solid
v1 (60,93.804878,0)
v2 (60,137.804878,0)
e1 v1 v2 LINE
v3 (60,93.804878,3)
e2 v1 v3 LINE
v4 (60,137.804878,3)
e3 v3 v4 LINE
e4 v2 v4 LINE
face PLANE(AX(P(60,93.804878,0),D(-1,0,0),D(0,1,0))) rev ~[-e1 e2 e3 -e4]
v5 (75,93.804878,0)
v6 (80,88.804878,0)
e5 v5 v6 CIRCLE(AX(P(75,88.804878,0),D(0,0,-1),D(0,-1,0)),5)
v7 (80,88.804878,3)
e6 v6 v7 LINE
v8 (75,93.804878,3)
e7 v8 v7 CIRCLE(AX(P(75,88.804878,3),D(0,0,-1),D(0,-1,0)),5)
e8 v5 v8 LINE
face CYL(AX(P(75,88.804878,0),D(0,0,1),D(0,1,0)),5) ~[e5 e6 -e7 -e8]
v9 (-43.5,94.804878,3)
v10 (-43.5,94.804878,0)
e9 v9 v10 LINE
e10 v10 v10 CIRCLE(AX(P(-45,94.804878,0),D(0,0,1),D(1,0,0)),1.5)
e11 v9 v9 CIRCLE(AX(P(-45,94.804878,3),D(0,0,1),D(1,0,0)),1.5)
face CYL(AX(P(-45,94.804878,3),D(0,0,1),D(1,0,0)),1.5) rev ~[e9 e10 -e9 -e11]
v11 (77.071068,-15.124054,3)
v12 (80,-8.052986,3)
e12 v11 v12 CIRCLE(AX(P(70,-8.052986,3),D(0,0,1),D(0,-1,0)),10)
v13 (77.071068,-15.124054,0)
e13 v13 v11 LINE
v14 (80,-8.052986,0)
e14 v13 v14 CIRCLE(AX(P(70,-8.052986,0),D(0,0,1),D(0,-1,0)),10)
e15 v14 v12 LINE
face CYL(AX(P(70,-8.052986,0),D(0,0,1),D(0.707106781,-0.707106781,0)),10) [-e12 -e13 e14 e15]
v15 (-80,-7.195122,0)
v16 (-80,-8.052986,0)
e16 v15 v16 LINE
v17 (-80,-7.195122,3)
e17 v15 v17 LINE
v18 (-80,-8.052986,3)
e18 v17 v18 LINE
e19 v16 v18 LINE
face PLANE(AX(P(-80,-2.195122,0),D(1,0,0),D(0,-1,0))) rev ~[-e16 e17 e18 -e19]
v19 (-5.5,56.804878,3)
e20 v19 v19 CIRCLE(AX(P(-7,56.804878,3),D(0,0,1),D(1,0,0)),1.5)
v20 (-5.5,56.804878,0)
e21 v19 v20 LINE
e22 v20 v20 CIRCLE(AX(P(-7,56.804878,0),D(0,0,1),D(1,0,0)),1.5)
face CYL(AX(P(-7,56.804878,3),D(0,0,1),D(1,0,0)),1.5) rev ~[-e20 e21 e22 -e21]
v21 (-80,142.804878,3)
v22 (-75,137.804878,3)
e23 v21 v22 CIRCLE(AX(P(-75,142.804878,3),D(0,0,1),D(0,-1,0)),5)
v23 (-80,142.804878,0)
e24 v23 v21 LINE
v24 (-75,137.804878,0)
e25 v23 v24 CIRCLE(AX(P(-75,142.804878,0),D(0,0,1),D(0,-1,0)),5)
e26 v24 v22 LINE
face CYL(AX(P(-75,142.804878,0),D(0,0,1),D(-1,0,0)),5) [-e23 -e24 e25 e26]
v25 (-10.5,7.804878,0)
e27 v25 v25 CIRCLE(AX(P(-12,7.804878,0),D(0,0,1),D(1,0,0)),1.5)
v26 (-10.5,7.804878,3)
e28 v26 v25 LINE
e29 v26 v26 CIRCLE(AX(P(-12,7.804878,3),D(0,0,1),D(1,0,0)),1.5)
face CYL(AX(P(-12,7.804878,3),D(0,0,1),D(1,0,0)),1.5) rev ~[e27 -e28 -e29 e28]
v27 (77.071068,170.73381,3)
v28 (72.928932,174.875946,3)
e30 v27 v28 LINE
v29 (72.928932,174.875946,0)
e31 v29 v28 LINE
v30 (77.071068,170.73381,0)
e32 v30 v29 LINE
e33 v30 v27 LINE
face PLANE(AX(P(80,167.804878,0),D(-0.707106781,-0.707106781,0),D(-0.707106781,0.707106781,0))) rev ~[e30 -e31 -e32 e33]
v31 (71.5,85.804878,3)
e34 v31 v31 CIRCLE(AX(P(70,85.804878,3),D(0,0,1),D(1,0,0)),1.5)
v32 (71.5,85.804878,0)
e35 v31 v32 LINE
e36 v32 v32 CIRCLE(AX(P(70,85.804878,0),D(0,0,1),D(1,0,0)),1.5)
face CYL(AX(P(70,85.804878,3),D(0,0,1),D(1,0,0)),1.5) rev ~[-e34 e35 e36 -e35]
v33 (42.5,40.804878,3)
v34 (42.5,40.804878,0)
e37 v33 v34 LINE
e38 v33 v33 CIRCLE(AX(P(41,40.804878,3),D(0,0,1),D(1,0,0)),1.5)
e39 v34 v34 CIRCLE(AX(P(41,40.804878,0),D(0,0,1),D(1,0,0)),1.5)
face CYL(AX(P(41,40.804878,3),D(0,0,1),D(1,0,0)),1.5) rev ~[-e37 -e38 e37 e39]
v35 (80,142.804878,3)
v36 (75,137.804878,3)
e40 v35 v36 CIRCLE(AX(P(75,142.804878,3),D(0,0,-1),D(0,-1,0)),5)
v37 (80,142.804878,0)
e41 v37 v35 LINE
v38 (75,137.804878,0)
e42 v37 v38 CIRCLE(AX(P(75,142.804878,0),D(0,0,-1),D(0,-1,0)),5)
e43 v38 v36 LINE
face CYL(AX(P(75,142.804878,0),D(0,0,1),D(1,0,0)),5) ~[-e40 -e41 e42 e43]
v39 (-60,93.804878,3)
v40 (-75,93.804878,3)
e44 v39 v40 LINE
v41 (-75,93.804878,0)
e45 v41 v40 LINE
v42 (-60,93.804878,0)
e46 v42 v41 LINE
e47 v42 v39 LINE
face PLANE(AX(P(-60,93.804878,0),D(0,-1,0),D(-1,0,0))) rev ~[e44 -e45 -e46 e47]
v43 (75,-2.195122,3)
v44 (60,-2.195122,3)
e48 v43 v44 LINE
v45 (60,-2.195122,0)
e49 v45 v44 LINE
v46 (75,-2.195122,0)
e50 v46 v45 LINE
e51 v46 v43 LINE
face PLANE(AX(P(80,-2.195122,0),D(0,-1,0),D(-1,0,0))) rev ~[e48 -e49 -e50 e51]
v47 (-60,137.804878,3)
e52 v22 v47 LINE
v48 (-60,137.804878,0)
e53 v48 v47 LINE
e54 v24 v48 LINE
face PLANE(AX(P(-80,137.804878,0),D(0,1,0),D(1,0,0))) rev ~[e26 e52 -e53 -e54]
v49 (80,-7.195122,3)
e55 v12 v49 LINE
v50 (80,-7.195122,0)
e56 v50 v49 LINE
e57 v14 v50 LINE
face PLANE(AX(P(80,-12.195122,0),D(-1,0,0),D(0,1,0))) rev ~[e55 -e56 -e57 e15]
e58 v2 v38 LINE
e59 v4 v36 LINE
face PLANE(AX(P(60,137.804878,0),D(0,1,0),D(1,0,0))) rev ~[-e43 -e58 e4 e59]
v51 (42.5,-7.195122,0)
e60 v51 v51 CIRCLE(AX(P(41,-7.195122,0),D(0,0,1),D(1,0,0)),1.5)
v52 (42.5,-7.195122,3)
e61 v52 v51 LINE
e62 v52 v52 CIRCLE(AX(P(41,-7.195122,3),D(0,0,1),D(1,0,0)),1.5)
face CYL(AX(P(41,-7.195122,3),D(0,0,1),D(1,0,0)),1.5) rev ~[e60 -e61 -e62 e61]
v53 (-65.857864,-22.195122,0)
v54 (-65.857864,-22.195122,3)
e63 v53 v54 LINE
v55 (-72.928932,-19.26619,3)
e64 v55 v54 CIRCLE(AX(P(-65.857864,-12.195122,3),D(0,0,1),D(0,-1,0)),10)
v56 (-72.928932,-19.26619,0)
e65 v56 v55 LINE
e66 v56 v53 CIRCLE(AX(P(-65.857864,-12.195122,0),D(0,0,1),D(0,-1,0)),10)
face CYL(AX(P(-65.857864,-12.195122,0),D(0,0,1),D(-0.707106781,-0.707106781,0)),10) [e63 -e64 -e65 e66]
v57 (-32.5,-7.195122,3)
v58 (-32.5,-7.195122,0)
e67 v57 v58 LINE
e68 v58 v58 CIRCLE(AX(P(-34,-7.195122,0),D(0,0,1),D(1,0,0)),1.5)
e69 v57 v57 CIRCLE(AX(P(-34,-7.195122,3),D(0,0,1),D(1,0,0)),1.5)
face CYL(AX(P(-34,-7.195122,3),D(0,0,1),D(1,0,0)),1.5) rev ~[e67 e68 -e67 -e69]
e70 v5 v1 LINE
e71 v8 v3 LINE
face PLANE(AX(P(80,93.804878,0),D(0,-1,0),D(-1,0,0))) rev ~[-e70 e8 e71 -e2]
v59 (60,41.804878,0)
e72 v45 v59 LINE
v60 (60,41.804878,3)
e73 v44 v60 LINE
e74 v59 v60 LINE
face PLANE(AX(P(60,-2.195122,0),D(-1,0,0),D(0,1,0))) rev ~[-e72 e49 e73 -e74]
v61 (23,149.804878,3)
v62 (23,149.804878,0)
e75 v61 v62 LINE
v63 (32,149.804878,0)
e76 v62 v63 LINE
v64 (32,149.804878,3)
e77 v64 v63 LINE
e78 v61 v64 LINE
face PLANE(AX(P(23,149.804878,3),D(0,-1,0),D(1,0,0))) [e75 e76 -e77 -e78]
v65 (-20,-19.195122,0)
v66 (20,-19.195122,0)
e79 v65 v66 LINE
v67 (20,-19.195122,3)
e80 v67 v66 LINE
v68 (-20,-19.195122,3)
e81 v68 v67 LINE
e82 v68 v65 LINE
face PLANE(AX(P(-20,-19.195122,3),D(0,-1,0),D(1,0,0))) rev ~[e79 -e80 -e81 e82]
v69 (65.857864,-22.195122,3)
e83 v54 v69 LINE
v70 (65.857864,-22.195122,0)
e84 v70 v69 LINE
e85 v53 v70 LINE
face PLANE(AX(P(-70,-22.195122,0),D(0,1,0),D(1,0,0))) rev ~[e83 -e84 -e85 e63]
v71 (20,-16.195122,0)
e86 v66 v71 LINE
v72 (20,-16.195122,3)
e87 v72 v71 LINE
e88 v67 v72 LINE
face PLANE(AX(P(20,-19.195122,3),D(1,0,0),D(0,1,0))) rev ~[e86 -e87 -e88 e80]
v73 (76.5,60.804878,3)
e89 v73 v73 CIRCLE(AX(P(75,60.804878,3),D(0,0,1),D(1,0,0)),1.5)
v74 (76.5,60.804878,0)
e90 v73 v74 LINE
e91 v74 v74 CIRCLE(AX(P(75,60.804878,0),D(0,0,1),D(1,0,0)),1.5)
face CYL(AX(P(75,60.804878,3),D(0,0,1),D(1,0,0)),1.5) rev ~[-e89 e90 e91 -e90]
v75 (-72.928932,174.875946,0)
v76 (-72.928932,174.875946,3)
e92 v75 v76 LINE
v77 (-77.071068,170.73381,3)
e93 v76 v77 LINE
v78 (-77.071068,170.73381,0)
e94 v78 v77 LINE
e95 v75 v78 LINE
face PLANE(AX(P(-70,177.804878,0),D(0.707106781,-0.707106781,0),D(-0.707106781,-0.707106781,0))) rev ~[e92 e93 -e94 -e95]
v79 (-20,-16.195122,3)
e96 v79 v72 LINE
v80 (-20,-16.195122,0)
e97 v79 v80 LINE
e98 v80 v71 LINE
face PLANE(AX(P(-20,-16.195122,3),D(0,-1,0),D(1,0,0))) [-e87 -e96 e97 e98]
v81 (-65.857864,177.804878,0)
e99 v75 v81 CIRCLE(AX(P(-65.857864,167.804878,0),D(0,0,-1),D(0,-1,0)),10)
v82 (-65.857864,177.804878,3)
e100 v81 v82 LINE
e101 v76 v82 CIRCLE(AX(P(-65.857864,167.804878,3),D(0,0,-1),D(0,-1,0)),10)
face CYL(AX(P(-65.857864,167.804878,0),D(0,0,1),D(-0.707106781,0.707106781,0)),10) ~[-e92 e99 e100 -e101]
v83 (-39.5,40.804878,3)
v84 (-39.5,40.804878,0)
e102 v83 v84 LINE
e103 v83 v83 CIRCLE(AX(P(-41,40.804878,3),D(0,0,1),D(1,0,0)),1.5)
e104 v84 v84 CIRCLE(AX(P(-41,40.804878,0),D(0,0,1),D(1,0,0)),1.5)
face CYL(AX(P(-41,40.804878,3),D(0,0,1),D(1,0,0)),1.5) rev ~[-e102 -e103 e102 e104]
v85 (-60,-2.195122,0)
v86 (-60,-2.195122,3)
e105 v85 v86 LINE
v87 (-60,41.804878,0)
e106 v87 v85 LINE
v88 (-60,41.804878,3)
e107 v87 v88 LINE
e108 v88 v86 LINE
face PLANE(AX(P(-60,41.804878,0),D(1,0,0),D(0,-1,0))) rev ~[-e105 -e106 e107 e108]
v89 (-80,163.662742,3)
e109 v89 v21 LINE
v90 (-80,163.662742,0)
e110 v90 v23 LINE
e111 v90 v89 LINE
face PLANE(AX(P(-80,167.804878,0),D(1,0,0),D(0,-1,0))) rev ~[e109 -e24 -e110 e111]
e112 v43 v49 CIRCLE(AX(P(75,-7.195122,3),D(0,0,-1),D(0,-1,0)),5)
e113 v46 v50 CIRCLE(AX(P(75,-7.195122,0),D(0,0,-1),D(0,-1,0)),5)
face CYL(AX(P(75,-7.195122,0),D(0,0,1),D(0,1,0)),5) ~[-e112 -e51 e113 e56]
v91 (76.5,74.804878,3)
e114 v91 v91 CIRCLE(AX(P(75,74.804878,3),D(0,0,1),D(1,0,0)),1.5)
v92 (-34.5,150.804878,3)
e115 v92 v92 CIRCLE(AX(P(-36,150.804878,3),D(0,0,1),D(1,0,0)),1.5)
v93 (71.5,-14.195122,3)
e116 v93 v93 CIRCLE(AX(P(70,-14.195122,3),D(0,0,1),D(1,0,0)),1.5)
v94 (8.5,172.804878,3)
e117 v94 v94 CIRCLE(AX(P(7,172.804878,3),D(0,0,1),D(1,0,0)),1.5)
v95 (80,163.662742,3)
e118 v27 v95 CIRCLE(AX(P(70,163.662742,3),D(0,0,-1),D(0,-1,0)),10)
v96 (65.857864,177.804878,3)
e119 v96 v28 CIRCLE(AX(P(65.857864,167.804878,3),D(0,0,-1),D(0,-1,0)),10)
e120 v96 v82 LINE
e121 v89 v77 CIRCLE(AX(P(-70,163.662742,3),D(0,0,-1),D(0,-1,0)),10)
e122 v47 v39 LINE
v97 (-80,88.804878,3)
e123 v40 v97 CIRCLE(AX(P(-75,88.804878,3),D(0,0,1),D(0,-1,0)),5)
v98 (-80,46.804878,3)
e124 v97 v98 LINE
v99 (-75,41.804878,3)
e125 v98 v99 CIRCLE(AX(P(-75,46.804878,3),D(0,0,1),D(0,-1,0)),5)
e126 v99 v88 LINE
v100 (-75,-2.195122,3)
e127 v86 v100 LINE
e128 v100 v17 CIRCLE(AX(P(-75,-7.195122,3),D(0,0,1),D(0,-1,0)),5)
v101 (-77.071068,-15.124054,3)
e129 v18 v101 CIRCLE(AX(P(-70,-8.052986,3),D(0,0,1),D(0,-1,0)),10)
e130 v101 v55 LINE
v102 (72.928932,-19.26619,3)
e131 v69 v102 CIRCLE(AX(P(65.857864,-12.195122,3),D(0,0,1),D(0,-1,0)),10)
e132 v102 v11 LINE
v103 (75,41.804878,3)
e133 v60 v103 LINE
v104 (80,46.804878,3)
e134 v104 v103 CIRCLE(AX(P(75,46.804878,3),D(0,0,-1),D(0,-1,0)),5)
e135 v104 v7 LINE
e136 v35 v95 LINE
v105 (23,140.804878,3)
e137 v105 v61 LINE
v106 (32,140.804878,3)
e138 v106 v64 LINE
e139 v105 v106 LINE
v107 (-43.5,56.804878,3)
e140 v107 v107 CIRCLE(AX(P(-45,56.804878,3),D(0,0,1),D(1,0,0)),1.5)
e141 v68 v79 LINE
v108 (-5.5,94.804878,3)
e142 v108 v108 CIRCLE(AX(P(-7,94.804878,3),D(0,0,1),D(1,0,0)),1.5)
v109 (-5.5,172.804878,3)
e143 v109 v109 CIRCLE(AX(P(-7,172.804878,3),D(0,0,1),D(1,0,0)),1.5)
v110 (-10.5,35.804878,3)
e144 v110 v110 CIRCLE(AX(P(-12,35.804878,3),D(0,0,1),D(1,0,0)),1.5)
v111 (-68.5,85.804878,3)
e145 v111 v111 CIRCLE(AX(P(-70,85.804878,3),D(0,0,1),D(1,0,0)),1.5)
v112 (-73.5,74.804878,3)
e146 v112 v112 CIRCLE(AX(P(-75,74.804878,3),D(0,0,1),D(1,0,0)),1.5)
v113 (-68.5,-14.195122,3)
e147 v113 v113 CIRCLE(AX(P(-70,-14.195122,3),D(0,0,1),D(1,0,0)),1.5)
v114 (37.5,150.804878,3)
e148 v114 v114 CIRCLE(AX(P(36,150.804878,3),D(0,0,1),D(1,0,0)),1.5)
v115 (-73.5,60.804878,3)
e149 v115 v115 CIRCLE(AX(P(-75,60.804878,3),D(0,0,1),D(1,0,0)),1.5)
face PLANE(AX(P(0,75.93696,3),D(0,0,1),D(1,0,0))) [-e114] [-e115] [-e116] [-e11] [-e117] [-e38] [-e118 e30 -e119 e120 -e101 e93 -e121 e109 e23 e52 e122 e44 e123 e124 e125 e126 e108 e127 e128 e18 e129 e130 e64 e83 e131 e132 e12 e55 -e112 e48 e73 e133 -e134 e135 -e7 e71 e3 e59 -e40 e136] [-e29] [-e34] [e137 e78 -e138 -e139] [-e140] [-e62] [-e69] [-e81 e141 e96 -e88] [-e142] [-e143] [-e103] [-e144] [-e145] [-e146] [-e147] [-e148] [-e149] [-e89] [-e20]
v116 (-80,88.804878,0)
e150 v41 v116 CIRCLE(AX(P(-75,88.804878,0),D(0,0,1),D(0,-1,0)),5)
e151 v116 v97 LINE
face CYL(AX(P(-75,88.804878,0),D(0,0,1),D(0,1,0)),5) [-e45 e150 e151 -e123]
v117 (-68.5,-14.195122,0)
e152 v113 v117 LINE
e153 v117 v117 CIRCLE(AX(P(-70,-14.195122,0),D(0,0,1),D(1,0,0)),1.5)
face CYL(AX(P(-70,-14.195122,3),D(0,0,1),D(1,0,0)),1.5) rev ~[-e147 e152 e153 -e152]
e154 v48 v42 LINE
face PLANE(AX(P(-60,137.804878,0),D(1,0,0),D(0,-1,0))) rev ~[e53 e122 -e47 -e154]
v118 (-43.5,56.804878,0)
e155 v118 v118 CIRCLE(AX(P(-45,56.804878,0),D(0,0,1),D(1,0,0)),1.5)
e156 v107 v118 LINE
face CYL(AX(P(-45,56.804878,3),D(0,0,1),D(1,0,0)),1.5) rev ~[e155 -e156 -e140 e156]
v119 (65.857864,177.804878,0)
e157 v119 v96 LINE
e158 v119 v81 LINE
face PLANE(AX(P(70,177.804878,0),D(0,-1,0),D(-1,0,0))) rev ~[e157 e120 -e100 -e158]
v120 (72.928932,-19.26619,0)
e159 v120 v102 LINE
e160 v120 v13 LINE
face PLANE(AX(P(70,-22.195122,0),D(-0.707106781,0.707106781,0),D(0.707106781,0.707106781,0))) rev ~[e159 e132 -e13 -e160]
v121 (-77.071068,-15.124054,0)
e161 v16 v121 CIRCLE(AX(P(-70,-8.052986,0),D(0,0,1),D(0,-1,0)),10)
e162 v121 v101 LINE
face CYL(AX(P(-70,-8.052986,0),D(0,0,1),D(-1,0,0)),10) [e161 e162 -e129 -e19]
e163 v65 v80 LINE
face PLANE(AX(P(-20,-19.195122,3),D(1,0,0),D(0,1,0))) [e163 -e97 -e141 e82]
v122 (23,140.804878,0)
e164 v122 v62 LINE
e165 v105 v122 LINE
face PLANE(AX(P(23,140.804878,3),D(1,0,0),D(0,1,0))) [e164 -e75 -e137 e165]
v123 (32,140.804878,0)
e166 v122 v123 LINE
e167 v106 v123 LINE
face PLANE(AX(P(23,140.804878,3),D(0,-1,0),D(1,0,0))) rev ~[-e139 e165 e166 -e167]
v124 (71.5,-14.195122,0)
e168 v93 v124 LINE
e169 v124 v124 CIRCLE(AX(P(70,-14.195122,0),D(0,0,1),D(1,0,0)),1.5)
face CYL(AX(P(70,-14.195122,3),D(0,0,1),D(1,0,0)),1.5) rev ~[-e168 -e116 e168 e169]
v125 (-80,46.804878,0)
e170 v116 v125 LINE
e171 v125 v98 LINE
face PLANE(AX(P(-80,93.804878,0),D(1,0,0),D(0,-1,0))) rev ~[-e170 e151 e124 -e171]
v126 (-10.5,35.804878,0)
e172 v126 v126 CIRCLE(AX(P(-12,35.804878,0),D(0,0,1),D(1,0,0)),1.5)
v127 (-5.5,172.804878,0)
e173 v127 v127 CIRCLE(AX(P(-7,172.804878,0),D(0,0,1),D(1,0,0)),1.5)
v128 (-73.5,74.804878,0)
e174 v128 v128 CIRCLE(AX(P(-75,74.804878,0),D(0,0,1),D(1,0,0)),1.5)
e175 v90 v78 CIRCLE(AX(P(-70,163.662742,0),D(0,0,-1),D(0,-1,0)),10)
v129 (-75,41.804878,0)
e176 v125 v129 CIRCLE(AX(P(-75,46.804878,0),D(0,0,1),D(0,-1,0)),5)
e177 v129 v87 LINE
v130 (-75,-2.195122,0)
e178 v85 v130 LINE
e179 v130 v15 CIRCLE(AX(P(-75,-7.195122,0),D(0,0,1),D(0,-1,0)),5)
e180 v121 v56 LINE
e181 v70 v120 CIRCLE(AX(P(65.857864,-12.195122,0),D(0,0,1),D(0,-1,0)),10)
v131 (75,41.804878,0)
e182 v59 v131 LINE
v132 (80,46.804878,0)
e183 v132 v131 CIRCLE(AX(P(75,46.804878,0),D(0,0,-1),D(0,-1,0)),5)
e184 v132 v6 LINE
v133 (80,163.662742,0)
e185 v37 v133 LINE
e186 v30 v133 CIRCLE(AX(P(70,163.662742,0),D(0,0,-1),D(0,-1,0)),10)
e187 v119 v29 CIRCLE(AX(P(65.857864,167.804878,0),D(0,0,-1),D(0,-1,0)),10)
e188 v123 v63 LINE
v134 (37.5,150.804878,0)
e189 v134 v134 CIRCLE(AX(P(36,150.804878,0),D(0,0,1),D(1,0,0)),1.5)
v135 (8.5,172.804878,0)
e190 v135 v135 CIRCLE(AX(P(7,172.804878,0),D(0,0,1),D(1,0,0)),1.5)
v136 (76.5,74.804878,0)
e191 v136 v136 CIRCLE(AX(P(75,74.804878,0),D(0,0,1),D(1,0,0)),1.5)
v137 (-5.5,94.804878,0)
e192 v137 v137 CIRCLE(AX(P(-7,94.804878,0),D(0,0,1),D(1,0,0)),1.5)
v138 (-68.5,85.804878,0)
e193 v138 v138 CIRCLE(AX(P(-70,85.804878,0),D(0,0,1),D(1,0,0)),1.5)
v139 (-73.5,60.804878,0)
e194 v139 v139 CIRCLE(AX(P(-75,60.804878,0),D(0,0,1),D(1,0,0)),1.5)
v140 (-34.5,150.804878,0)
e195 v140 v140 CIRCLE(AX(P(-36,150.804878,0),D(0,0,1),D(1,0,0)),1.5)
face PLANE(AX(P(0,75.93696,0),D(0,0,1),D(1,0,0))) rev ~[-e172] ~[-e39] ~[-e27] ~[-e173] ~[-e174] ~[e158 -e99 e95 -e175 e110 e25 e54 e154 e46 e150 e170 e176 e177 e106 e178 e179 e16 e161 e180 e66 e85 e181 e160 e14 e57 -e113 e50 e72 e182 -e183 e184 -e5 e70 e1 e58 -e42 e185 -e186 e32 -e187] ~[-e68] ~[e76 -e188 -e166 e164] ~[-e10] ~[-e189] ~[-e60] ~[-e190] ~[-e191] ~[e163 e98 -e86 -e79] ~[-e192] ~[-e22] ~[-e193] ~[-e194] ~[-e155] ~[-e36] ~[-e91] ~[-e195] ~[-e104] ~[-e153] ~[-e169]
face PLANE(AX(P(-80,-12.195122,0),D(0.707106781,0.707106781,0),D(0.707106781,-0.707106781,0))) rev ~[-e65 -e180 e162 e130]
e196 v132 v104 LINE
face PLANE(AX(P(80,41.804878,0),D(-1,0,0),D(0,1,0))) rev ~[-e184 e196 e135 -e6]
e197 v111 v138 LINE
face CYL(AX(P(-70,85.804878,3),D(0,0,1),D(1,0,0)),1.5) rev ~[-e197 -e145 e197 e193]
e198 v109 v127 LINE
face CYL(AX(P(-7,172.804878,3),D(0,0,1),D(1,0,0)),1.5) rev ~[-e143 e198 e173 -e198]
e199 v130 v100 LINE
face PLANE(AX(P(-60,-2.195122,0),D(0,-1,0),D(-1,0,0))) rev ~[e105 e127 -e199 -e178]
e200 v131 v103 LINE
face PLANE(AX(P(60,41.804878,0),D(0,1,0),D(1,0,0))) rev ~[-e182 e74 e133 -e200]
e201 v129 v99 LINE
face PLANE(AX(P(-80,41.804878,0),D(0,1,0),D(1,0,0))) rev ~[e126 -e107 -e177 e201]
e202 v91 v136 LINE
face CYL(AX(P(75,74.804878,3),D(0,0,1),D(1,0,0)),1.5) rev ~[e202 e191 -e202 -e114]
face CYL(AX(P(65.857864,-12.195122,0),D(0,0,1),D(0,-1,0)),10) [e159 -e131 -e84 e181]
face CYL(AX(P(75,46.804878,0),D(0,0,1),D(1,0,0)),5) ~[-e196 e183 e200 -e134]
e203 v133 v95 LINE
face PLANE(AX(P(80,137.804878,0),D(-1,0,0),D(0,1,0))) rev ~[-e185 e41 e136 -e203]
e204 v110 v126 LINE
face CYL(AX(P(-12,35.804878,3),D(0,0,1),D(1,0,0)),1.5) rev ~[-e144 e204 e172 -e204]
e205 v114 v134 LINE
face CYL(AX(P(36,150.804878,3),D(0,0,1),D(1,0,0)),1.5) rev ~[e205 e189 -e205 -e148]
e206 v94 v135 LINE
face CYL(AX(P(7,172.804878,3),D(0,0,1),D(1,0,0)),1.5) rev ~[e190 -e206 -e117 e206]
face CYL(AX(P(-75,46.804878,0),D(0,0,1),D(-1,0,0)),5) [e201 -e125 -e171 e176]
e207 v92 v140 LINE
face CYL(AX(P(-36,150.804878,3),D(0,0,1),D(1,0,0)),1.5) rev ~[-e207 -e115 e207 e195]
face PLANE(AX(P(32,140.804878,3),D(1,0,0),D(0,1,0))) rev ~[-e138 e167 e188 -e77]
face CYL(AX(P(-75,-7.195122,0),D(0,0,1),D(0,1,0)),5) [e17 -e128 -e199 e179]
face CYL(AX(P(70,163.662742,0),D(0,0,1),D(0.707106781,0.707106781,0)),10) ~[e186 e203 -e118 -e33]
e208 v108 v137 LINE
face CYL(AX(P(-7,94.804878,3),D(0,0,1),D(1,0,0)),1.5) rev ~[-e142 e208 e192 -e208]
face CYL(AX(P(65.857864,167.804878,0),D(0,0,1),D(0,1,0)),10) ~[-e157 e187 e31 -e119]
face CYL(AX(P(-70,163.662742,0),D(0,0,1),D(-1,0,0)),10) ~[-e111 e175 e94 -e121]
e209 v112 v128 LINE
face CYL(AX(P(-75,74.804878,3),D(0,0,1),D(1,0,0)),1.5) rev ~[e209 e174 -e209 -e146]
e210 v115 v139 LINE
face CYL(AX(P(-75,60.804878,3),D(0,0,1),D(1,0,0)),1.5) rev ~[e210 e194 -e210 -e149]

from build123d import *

# Parameters (mm, degrees)
BOSS_EXTRUDE2_DEPTH = 3
SKETCH3_R           = 1.5
SKETCH3_W           = 40
SKETCH3_H           = 3
SKETCH3_W_2         = 9
SKETCH3_H_2         = 9
CUT_EXTRUDE1_DEPTH  = 195.996345243
FILLET1_R           = 10
SKETCH4_R           = 1.5
CUT_EXTRUDE2_DEPTH  = 195.996345243
FILLET2_R           = 5


with BuildPart() as part:
    # Sketch2 → Boss-Extrude2 (new body)
    with BuildSketch(Plane.XY):
        Polygon((-80, 167.804878049), (-80, 137.804878049), (-60, 137.804878049), (-60, 93.804878049), (-80, 93.804878049), (-80, 41.804878049), (-60, 41.804878049), (-60, -2.195121951), (-80, -2.195121951), (-80, -12.195121951), (-70, -22.195121951), (70, -22.195121951), (80, -12.195121951), (80, -2.195121951), (60, -2.195121951), (60, 41.804878049), (80, 41.804878049), (80, 93.804878049), (60, 93.804878049), (60, 137.804878049), (80, 137.804878049), (80, 167.804878049), (70, 177.804878049), (-70, 177.804878049), align=None)
    extrude(amount=BOSS_EXTRUDE2_DEPTH)

    # Sketch3 → Cut-Extrude1 (cut, through all)
    with BuildSketch(Plane.XY.offset(3)):
        with Locations((-75, 74.804878049)):
            Circle(SKETCH3_R)
        with Locations((-75, 60.804878049)):
            Circle(SKETCH3_R)
        with Locations((75, 74.804878049)):
            Circle(SKETCH3_R)
        with Locations((75, 60.804878049)):
            Circle(SKETCH3_R)
        with Locations((-34, -7.195121951)):
            Circle(SKETCH3_R)
        with Locations((41, -7.195121951)):
            Circle(SKETCH3_R)
        with Locations((41, 40.804878049)):
            Circle(SKETCH3_R)
        with Locations((-41, 40.804878049)):
            Circle(SKETCH3_R)
        with Locations((-12, 35.804878049)):
            Circle(SKETCH3_R)
        with Locations((-12, 7.804878049)):
            Circle(SKETCH3_R)
        with Locations((-45, 94.804878049)):
            Circle(SKETCH3_R)
        with Locations((-7, 94.804878049)):
            Circle(SKETCH3_R)
        with Locations((-7, 56.804878049)):
            Circle(SKETCH3_R)
        with Locations((-45, 56.804878049)):
            Circle(SKETCH3_R)
        with Locations((-36, 150.804878049)):
            Circle(SKETCH3_R)
        with Locations((36, 150.804878049)):
            Circle(SKETCH3_R)
        with Locations((-7, 172.804878049)):
            Circle(SKETCH3_R)
        with Locations((7, 172.804878049)):
            Circle(SKETCH3_R)
        with Locations((0, -17.695121951)):
            Rectangle(SKETCH3_W, SKETCH3_H)
        with Locations((27.5, 145.304878049)):
            Rectangle(SKETCH3_W_2, SKETCH3_H_2)
    extrude(amount=-CUT_EXTRUDE1_DEPTH, mode=Mode.SUBTRACT)

    # Fillet1
    fillet1_edges = [part.edges().sort_by_distance(p)[0] for p in [
        (-70, 177.804878049, 1.5),
        (70, 177.804878049, 1.5),
        (80, 167.804878049, 1.5),
        (80, -12.195121951, 1.5),
        (70, -22.195121951, 1.5),
        (-70, -22.195121951, 1.5),
        (-80, -12.195121951, 1.5),
        (-80, 167.804878049, 1.5),
    ]]
    fillet(fillet1_edges, radius=FILLET1_R)

    # Sketch4 → Cut-Extrude2 (cut, through all)
    with BuildSketch(Plane.XY.offset(3)):
        with Locations((-70, 85.804878049)):
            Circle(SKETCH4_R)
        with Locations((70, 85.804878049)):
            Circle(SKETCH4_R)
        with Locations((-70, -14.195121951)):
            Circle(SKETCH4_R)
        with Locations((70, -14.195121951)):
            Circle(SKETCH4_R)
    extrude(amount=-CUT_EXTRUDE2_DEPTH, mode=Mode.SUBTRACT)

    # Fillet2
    fillet2_edges = [part.edges().sort_by_distance(p)[0] for p in [
        (80, 137.804878049, 1.5),
        (80, 93.804878049, 1.5),
        (80, 41.804878049, 1.5),
        (80, -2.195121951, 1.5),
        (-80, -2.195121951, 1.5),
        (-80, 41.804878049, 1.5),
        (-80, 93.804878049, 1.5),
        (-80, 137.804878049, 1.5),
    ]]
    fillet(fillet2_edges, radius=FILLET2_R)


solid = part.part
